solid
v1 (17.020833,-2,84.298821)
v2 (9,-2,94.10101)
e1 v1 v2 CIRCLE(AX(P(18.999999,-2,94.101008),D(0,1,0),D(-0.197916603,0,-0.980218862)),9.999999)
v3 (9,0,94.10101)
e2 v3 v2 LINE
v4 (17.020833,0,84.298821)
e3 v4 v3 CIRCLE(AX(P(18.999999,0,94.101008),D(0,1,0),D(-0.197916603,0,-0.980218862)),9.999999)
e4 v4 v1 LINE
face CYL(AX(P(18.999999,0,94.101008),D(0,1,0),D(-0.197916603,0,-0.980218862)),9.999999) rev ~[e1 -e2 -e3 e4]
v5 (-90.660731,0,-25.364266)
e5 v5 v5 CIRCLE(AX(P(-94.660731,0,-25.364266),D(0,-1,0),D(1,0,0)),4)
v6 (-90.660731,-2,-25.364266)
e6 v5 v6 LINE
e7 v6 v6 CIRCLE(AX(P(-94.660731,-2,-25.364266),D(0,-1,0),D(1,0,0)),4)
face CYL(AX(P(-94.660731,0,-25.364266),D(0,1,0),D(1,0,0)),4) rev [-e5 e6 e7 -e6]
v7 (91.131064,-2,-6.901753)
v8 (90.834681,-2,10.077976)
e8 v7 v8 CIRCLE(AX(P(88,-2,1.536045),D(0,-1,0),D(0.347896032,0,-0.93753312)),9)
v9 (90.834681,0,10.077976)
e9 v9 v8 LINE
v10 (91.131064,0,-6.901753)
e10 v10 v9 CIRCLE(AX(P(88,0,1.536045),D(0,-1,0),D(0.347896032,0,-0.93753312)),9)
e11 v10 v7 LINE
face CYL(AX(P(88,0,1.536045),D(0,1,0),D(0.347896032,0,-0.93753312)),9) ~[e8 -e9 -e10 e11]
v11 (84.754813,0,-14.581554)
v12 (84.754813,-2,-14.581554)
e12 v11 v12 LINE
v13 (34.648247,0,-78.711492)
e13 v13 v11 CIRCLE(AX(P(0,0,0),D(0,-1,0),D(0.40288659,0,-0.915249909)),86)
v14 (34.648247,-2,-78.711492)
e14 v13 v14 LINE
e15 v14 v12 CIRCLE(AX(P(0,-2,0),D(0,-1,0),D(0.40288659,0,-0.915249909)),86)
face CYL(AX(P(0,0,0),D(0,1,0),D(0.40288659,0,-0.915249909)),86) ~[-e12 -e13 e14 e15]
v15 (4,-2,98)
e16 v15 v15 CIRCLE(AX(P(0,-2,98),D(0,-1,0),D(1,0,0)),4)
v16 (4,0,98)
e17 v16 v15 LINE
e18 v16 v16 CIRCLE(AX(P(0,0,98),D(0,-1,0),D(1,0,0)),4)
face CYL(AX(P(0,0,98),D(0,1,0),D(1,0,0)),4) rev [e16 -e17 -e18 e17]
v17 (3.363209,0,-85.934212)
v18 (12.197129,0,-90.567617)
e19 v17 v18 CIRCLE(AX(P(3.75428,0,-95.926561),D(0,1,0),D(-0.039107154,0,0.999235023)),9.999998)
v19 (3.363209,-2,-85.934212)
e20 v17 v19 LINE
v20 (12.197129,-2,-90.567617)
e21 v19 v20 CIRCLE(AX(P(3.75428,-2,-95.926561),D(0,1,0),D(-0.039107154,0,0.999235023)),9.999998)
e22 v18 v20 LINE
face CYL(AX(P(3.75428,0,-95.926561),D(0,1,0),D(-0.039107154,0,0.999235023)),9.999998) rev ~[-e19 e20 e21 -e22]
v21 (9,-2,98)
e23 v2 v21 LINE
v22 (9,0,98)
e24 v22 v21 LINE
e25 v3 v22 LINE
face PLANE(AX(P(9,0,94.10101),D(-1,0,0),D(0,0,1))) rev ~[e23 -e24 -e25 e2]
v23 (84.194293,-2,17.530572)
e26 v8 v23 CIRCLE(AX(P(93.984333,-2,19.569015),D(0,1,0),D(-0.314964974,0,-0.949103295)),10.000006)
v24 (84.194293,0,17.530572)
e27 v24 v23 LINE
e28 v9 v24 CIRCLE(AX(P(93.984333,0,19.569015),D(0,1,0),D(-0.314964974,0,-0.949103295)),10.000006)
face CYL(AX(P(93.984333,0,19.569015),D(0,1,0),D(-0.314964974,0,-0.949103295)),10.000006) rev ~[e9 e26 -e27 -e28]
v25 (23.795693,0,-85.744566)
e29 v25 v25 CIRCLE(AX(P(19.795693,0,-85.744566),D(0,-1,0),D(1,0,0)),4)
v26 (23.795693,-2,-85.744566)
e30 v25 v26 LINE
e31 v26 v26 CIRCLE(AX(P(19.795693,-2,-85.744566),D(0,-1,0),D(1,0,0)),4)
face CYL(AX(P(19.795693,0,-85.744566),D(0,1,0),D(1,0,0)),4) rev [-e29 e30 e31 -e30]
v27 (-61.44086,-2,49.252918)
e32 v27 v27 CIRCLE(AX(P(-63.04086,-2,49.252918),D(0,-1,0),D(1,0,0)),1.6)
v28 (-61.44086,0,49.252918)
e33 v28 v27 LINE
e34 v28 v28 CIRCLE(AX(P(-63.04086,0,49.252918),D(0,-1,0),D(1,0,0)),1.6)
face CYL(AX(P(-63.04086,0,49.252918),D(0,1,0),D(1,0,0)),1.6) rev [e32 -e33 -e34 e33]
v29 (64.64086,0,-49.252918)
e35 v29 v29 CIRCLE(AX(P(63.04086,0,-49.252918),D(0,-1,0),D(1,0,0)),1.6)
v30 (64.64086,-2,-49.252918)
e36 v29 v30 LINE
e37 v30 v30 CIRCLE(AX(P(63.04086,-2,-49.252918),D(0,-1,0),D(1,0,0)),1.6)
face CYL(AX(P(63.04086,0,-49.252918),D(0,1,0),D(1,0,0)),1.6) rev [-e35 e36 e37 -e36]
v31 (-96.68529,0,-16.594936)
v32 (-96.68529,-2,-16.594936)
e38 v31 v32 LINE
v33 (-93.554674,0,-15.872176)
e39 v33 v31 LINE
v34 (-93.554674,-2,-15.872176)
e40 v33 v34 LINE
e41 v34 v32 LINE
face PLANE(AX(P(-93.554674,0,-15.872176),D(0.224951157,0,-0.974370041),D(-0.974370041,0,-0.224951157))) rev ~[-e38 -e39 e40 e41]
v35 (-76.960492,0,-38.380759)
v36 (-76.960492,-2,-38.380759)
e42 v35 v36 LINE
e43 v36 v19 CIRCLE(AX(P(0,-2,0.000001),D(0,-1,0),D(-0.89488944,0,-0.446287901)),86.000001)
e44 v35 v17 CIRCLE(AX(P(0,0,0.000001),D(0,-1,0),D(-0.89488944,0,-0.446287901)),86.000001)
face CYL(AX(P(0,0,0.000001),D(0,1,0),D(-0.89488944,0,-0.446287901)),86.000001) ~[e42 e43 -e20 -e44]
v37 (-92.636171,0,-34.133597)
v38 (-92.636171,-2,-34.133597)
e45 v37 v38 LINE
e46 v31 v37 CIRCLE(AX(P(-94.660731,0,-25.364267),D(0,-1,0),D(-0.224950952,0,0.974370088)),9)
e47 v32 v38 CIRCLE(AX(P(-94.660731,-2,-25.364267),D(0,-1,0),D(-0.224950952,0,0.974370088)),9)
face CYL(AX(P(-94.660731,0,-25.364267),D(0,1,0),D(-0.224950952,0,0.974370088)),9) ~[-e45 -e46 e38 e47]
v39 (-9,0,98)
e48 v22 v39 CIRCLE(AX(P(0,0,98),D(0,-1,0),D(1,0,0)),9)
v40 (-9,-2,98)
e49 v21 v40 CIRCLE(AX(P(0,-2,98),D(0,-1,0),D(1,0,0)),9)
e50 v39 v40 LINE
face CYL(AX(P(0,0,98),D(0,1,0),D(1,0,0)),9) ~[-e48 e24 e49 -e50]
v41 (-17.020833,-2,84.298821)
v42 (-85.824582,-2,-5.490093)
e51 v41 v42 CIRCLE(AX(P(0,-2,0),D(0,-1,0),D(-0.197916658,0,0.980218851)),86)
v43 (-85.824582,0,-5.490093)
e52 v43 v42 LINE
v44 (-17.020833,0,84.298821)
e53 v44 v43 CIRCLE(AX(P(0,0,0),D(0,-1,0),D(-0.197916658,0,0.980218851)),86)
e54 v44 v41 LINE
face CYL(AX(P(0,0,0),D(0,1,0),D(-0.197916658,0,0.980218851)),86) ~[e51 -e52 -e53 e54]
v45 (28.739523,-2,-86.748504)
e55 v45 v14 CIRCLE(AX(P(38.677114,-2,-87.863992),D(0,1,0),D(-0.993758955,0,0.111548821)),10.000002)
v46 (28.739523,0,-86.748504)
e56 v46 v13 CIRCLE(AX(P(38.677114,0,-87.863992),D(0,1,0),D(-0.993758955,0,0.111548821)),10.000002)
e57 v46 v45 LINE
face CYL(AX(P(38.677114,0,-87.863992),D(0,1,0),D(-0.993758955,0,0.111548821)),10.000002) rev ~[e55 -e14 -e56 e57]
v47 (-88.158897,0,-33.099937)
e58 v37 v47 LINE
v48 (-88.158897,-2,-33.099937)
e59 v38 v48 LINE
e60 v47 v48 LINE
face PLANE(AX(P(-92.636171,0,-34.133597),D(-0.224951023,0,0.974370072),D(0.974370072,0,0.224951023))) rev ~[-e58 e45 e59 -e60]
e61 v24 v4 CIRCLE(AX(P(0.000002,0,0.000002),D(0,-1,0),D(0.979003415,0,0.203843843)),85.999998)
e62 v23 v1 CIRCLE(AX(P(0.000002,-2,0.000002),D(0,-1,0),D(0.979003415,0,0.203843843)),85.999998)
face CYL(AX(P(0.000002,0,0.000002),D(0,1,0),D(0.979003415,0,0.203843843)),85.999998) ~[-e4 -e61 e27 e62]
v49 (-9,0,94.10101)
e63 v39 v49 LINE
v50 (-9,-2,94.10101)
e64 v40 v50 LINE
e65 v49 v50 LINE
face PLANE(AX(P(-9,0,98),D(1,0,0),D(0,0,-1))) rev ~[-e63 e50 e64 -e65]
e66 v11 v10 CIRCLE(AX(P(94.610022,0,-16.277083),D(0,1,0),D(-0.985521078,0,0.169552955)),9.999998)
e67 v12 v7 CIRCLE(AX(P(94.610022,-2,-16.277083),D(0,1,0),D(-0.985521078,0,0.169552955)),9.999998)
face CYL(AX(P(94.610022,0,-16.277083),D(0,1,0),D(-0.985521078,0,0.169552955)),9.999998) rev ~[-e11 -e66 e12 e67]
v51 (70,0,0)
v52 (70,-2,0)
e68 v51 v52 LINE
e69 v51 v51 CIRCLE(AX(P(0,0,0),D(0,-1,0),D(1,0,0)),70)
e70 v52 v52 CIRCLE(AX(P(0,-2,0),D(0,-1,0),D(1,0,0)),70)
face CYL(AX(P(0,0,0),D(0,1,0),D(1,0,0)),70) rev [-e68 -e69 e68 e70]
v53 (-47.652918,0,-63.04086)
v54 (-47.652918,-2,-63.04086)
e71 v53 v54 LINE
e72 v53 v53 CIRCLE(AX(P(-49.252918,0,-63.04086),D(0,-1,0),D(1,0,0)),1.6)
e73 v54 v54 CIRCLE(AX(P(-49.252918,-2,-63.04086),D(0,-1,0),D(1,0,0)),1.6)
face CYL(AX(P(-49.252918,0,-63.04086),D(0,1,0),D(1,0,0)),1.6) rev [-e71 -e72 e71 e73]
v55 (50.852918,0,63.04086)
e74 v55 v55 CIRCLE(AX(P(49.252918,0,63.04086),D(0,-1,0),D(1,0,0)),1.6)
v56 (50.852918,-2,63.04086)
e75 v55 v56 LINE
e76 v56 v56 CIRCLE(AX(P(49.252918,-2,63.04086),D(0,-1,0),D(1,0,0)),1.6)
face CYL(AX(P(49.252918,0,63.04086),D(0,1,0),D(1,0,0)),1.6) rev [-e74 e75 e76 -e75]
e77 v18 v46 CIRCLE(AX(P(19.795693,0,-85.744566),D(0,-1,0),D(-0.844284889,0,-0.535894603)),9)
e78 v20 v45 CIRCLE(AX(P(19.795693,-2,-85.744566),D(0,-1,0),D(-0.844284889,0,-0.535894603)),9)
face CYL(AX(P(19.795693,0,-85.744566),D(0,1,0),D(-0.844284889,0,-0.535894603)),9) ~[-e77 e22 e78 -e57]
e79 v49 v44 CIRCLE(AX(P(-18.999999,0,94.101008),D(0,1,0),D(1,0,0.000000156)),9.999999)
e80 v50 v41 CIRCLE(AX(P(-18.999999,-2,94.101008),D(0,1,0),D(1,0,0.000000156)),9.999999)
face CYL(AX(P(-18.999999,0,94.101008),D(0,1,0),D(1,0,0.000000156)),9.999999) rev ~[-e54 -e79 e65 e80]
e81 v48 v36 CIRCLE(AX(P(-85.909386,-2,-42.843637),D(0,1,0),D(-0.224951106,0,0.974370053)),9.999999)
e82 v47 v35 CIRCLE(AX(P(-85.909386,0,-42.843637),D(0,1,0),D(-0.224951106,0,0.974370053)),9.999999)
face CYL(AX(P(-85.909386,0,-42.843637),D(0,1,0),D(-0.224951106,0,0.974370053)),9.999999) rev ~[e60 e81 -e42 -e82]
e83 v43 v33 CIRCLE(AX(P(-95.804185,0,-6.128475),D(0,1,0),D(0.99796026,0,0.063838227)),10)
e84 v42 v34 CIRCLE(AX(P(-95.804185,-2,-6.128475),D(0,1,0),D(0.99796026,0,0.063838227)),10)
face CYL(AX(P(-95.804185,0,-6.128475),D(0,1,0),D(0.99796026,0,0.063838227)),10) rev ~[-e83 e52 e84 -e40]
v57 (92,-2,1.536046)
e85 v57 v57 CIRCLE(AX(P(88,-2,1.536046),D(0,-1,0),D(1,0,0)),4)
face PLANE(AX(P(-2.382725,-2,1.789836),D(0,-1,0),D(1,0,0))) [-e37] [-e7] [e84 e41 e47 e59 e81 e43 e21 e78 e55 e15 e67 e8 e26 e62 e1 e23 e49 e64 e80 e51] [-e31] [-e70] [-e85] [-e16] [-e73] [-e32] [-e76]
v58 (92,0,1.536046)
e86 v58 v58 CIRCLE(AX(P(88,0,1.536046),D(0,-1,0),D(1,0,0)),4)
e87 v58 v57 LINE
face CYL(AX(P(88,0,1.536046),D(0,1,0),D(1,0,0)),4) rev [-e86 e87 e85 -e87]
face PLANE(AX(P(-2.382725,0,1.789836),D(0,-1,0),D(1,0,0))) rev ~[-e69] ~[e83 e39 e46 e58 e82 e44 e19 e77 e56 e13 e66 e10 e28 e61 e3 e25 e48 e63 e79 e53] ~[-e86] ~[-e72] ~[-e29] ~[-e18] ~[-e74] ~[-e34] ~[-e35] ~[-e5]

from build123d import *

# Parameters (mm, degrees)
F0_R     = 1.6
F0_R_2   = 4
F0_R_3   = 70
F1_DEPTH = 2


with BuildPart() as f1:
    # F0 (on Front) → F1 (new body)
    with BuildSketch(Plane.XZ):
        with BuildLine():
            ThreePointArc((-9, 94.10101), (-11.26076, 87.768224), (-17.020833, 84.298821))
            ThreePointArc((-17.020833, 84.298821), (-68.26278, 52.308631), (-85.824582, -5.490093))
            ThreePointArc((-85.824582, -5.490093), (-87.783292, -12.100517), (-93.554674, -15.872176))
            Line((-93.554674, -15.872176), (-96.68529, -16.594936))
            ThreePointArc((-96.68529, -16.594936), (-103.430062, -27.388826), (-92.636171, -34.133597))
            Line((-92.636171, -34.133597), (-88.158897, -33.099937))
            ThreePointArc((-88.158897, -33.099937), (-81.644155, -33.798871), (-76.960492, -38.380759))
            ThreePointArc((-76.960492, -38.380759), (-43.811788, -74.003562), (3.363209, -85.934212))
            ThreePointArc((3.363209, -85.934212), (8.399158, -87.070767), (12.197129, -90.567617))
            ThreePointArc((12.197129, -90.567617), (21.820252, -94.513896), (28.739523, -86.748504))
            ThreePointArc((28.739523, -86.748504), (30.620199, -81.940636), (34.648247, -78.711492))
            ThreePointArc((34.648247, -78.711492), (67.767506, -52.948703), (84.754813, -14.581554))
            ThreePointArc((84.754813, -14.581554), (86.916204, -9.889194), (91.131064, -6.901753))
            ThreePointArc((91.131064, -6.901753), (96.998629, 1.693117), (90.834681, 10.077976))
            ThreePointArc((90.834681, 10.077976), (86.518129, 12.916502), (84.194293, 17.530572))
            ThreePointArc((84.194293, 17.530572), (60.626935, 60.994875), (17.020833, 84.298821))
            ThreePointArc((17.020833, 84.298821), (11.26076, 87.768224), (9, 94.10101))
            Line((9, 94.10101), (9, 98))
            ThreePointArc((9, 98), (0, 107), (-9, 98))
            Line((-9, 98), (-9, 94.10101))
        make_face()
        with Locations((-49.252918, -63.04086)):
            Circle(F0_R, mode=Mode.SUBTRACT)
        with Locations((-94.660731, -25.364266)):
            Circle(F0_R_2, mode=Mode.SUBTRACT)
        with Locations((19.795693, -85.744566)):
            Circle(F0_R_2, mode=Mode.SUBTRACT)
        with Locations((63.04086, -49.252918)):
            Circle(F0_R, mode=Mode.SUBTRACT)
        Circle(F0_R_3, mode=Mode.SUBTRACT)
        with Locations((88, 1.536046)):
            Circle(F0_R_2, mode=Mode.SUBTRACT)
        with Locations((-63.04086, 49.252918)):
            Circle(F0_R, mode=Mode.SUBTRACT)
        with Locations((0, 98)):
            Circle(F0_R_2, mode=Mode.SUBTRACT)
        with Locations((49.252918, 63.04086)):
            Circle(F0_R, mode=Mode.SUBTRACT)
    extrude(amount=F1_DEPTH)


solid = f1.part
